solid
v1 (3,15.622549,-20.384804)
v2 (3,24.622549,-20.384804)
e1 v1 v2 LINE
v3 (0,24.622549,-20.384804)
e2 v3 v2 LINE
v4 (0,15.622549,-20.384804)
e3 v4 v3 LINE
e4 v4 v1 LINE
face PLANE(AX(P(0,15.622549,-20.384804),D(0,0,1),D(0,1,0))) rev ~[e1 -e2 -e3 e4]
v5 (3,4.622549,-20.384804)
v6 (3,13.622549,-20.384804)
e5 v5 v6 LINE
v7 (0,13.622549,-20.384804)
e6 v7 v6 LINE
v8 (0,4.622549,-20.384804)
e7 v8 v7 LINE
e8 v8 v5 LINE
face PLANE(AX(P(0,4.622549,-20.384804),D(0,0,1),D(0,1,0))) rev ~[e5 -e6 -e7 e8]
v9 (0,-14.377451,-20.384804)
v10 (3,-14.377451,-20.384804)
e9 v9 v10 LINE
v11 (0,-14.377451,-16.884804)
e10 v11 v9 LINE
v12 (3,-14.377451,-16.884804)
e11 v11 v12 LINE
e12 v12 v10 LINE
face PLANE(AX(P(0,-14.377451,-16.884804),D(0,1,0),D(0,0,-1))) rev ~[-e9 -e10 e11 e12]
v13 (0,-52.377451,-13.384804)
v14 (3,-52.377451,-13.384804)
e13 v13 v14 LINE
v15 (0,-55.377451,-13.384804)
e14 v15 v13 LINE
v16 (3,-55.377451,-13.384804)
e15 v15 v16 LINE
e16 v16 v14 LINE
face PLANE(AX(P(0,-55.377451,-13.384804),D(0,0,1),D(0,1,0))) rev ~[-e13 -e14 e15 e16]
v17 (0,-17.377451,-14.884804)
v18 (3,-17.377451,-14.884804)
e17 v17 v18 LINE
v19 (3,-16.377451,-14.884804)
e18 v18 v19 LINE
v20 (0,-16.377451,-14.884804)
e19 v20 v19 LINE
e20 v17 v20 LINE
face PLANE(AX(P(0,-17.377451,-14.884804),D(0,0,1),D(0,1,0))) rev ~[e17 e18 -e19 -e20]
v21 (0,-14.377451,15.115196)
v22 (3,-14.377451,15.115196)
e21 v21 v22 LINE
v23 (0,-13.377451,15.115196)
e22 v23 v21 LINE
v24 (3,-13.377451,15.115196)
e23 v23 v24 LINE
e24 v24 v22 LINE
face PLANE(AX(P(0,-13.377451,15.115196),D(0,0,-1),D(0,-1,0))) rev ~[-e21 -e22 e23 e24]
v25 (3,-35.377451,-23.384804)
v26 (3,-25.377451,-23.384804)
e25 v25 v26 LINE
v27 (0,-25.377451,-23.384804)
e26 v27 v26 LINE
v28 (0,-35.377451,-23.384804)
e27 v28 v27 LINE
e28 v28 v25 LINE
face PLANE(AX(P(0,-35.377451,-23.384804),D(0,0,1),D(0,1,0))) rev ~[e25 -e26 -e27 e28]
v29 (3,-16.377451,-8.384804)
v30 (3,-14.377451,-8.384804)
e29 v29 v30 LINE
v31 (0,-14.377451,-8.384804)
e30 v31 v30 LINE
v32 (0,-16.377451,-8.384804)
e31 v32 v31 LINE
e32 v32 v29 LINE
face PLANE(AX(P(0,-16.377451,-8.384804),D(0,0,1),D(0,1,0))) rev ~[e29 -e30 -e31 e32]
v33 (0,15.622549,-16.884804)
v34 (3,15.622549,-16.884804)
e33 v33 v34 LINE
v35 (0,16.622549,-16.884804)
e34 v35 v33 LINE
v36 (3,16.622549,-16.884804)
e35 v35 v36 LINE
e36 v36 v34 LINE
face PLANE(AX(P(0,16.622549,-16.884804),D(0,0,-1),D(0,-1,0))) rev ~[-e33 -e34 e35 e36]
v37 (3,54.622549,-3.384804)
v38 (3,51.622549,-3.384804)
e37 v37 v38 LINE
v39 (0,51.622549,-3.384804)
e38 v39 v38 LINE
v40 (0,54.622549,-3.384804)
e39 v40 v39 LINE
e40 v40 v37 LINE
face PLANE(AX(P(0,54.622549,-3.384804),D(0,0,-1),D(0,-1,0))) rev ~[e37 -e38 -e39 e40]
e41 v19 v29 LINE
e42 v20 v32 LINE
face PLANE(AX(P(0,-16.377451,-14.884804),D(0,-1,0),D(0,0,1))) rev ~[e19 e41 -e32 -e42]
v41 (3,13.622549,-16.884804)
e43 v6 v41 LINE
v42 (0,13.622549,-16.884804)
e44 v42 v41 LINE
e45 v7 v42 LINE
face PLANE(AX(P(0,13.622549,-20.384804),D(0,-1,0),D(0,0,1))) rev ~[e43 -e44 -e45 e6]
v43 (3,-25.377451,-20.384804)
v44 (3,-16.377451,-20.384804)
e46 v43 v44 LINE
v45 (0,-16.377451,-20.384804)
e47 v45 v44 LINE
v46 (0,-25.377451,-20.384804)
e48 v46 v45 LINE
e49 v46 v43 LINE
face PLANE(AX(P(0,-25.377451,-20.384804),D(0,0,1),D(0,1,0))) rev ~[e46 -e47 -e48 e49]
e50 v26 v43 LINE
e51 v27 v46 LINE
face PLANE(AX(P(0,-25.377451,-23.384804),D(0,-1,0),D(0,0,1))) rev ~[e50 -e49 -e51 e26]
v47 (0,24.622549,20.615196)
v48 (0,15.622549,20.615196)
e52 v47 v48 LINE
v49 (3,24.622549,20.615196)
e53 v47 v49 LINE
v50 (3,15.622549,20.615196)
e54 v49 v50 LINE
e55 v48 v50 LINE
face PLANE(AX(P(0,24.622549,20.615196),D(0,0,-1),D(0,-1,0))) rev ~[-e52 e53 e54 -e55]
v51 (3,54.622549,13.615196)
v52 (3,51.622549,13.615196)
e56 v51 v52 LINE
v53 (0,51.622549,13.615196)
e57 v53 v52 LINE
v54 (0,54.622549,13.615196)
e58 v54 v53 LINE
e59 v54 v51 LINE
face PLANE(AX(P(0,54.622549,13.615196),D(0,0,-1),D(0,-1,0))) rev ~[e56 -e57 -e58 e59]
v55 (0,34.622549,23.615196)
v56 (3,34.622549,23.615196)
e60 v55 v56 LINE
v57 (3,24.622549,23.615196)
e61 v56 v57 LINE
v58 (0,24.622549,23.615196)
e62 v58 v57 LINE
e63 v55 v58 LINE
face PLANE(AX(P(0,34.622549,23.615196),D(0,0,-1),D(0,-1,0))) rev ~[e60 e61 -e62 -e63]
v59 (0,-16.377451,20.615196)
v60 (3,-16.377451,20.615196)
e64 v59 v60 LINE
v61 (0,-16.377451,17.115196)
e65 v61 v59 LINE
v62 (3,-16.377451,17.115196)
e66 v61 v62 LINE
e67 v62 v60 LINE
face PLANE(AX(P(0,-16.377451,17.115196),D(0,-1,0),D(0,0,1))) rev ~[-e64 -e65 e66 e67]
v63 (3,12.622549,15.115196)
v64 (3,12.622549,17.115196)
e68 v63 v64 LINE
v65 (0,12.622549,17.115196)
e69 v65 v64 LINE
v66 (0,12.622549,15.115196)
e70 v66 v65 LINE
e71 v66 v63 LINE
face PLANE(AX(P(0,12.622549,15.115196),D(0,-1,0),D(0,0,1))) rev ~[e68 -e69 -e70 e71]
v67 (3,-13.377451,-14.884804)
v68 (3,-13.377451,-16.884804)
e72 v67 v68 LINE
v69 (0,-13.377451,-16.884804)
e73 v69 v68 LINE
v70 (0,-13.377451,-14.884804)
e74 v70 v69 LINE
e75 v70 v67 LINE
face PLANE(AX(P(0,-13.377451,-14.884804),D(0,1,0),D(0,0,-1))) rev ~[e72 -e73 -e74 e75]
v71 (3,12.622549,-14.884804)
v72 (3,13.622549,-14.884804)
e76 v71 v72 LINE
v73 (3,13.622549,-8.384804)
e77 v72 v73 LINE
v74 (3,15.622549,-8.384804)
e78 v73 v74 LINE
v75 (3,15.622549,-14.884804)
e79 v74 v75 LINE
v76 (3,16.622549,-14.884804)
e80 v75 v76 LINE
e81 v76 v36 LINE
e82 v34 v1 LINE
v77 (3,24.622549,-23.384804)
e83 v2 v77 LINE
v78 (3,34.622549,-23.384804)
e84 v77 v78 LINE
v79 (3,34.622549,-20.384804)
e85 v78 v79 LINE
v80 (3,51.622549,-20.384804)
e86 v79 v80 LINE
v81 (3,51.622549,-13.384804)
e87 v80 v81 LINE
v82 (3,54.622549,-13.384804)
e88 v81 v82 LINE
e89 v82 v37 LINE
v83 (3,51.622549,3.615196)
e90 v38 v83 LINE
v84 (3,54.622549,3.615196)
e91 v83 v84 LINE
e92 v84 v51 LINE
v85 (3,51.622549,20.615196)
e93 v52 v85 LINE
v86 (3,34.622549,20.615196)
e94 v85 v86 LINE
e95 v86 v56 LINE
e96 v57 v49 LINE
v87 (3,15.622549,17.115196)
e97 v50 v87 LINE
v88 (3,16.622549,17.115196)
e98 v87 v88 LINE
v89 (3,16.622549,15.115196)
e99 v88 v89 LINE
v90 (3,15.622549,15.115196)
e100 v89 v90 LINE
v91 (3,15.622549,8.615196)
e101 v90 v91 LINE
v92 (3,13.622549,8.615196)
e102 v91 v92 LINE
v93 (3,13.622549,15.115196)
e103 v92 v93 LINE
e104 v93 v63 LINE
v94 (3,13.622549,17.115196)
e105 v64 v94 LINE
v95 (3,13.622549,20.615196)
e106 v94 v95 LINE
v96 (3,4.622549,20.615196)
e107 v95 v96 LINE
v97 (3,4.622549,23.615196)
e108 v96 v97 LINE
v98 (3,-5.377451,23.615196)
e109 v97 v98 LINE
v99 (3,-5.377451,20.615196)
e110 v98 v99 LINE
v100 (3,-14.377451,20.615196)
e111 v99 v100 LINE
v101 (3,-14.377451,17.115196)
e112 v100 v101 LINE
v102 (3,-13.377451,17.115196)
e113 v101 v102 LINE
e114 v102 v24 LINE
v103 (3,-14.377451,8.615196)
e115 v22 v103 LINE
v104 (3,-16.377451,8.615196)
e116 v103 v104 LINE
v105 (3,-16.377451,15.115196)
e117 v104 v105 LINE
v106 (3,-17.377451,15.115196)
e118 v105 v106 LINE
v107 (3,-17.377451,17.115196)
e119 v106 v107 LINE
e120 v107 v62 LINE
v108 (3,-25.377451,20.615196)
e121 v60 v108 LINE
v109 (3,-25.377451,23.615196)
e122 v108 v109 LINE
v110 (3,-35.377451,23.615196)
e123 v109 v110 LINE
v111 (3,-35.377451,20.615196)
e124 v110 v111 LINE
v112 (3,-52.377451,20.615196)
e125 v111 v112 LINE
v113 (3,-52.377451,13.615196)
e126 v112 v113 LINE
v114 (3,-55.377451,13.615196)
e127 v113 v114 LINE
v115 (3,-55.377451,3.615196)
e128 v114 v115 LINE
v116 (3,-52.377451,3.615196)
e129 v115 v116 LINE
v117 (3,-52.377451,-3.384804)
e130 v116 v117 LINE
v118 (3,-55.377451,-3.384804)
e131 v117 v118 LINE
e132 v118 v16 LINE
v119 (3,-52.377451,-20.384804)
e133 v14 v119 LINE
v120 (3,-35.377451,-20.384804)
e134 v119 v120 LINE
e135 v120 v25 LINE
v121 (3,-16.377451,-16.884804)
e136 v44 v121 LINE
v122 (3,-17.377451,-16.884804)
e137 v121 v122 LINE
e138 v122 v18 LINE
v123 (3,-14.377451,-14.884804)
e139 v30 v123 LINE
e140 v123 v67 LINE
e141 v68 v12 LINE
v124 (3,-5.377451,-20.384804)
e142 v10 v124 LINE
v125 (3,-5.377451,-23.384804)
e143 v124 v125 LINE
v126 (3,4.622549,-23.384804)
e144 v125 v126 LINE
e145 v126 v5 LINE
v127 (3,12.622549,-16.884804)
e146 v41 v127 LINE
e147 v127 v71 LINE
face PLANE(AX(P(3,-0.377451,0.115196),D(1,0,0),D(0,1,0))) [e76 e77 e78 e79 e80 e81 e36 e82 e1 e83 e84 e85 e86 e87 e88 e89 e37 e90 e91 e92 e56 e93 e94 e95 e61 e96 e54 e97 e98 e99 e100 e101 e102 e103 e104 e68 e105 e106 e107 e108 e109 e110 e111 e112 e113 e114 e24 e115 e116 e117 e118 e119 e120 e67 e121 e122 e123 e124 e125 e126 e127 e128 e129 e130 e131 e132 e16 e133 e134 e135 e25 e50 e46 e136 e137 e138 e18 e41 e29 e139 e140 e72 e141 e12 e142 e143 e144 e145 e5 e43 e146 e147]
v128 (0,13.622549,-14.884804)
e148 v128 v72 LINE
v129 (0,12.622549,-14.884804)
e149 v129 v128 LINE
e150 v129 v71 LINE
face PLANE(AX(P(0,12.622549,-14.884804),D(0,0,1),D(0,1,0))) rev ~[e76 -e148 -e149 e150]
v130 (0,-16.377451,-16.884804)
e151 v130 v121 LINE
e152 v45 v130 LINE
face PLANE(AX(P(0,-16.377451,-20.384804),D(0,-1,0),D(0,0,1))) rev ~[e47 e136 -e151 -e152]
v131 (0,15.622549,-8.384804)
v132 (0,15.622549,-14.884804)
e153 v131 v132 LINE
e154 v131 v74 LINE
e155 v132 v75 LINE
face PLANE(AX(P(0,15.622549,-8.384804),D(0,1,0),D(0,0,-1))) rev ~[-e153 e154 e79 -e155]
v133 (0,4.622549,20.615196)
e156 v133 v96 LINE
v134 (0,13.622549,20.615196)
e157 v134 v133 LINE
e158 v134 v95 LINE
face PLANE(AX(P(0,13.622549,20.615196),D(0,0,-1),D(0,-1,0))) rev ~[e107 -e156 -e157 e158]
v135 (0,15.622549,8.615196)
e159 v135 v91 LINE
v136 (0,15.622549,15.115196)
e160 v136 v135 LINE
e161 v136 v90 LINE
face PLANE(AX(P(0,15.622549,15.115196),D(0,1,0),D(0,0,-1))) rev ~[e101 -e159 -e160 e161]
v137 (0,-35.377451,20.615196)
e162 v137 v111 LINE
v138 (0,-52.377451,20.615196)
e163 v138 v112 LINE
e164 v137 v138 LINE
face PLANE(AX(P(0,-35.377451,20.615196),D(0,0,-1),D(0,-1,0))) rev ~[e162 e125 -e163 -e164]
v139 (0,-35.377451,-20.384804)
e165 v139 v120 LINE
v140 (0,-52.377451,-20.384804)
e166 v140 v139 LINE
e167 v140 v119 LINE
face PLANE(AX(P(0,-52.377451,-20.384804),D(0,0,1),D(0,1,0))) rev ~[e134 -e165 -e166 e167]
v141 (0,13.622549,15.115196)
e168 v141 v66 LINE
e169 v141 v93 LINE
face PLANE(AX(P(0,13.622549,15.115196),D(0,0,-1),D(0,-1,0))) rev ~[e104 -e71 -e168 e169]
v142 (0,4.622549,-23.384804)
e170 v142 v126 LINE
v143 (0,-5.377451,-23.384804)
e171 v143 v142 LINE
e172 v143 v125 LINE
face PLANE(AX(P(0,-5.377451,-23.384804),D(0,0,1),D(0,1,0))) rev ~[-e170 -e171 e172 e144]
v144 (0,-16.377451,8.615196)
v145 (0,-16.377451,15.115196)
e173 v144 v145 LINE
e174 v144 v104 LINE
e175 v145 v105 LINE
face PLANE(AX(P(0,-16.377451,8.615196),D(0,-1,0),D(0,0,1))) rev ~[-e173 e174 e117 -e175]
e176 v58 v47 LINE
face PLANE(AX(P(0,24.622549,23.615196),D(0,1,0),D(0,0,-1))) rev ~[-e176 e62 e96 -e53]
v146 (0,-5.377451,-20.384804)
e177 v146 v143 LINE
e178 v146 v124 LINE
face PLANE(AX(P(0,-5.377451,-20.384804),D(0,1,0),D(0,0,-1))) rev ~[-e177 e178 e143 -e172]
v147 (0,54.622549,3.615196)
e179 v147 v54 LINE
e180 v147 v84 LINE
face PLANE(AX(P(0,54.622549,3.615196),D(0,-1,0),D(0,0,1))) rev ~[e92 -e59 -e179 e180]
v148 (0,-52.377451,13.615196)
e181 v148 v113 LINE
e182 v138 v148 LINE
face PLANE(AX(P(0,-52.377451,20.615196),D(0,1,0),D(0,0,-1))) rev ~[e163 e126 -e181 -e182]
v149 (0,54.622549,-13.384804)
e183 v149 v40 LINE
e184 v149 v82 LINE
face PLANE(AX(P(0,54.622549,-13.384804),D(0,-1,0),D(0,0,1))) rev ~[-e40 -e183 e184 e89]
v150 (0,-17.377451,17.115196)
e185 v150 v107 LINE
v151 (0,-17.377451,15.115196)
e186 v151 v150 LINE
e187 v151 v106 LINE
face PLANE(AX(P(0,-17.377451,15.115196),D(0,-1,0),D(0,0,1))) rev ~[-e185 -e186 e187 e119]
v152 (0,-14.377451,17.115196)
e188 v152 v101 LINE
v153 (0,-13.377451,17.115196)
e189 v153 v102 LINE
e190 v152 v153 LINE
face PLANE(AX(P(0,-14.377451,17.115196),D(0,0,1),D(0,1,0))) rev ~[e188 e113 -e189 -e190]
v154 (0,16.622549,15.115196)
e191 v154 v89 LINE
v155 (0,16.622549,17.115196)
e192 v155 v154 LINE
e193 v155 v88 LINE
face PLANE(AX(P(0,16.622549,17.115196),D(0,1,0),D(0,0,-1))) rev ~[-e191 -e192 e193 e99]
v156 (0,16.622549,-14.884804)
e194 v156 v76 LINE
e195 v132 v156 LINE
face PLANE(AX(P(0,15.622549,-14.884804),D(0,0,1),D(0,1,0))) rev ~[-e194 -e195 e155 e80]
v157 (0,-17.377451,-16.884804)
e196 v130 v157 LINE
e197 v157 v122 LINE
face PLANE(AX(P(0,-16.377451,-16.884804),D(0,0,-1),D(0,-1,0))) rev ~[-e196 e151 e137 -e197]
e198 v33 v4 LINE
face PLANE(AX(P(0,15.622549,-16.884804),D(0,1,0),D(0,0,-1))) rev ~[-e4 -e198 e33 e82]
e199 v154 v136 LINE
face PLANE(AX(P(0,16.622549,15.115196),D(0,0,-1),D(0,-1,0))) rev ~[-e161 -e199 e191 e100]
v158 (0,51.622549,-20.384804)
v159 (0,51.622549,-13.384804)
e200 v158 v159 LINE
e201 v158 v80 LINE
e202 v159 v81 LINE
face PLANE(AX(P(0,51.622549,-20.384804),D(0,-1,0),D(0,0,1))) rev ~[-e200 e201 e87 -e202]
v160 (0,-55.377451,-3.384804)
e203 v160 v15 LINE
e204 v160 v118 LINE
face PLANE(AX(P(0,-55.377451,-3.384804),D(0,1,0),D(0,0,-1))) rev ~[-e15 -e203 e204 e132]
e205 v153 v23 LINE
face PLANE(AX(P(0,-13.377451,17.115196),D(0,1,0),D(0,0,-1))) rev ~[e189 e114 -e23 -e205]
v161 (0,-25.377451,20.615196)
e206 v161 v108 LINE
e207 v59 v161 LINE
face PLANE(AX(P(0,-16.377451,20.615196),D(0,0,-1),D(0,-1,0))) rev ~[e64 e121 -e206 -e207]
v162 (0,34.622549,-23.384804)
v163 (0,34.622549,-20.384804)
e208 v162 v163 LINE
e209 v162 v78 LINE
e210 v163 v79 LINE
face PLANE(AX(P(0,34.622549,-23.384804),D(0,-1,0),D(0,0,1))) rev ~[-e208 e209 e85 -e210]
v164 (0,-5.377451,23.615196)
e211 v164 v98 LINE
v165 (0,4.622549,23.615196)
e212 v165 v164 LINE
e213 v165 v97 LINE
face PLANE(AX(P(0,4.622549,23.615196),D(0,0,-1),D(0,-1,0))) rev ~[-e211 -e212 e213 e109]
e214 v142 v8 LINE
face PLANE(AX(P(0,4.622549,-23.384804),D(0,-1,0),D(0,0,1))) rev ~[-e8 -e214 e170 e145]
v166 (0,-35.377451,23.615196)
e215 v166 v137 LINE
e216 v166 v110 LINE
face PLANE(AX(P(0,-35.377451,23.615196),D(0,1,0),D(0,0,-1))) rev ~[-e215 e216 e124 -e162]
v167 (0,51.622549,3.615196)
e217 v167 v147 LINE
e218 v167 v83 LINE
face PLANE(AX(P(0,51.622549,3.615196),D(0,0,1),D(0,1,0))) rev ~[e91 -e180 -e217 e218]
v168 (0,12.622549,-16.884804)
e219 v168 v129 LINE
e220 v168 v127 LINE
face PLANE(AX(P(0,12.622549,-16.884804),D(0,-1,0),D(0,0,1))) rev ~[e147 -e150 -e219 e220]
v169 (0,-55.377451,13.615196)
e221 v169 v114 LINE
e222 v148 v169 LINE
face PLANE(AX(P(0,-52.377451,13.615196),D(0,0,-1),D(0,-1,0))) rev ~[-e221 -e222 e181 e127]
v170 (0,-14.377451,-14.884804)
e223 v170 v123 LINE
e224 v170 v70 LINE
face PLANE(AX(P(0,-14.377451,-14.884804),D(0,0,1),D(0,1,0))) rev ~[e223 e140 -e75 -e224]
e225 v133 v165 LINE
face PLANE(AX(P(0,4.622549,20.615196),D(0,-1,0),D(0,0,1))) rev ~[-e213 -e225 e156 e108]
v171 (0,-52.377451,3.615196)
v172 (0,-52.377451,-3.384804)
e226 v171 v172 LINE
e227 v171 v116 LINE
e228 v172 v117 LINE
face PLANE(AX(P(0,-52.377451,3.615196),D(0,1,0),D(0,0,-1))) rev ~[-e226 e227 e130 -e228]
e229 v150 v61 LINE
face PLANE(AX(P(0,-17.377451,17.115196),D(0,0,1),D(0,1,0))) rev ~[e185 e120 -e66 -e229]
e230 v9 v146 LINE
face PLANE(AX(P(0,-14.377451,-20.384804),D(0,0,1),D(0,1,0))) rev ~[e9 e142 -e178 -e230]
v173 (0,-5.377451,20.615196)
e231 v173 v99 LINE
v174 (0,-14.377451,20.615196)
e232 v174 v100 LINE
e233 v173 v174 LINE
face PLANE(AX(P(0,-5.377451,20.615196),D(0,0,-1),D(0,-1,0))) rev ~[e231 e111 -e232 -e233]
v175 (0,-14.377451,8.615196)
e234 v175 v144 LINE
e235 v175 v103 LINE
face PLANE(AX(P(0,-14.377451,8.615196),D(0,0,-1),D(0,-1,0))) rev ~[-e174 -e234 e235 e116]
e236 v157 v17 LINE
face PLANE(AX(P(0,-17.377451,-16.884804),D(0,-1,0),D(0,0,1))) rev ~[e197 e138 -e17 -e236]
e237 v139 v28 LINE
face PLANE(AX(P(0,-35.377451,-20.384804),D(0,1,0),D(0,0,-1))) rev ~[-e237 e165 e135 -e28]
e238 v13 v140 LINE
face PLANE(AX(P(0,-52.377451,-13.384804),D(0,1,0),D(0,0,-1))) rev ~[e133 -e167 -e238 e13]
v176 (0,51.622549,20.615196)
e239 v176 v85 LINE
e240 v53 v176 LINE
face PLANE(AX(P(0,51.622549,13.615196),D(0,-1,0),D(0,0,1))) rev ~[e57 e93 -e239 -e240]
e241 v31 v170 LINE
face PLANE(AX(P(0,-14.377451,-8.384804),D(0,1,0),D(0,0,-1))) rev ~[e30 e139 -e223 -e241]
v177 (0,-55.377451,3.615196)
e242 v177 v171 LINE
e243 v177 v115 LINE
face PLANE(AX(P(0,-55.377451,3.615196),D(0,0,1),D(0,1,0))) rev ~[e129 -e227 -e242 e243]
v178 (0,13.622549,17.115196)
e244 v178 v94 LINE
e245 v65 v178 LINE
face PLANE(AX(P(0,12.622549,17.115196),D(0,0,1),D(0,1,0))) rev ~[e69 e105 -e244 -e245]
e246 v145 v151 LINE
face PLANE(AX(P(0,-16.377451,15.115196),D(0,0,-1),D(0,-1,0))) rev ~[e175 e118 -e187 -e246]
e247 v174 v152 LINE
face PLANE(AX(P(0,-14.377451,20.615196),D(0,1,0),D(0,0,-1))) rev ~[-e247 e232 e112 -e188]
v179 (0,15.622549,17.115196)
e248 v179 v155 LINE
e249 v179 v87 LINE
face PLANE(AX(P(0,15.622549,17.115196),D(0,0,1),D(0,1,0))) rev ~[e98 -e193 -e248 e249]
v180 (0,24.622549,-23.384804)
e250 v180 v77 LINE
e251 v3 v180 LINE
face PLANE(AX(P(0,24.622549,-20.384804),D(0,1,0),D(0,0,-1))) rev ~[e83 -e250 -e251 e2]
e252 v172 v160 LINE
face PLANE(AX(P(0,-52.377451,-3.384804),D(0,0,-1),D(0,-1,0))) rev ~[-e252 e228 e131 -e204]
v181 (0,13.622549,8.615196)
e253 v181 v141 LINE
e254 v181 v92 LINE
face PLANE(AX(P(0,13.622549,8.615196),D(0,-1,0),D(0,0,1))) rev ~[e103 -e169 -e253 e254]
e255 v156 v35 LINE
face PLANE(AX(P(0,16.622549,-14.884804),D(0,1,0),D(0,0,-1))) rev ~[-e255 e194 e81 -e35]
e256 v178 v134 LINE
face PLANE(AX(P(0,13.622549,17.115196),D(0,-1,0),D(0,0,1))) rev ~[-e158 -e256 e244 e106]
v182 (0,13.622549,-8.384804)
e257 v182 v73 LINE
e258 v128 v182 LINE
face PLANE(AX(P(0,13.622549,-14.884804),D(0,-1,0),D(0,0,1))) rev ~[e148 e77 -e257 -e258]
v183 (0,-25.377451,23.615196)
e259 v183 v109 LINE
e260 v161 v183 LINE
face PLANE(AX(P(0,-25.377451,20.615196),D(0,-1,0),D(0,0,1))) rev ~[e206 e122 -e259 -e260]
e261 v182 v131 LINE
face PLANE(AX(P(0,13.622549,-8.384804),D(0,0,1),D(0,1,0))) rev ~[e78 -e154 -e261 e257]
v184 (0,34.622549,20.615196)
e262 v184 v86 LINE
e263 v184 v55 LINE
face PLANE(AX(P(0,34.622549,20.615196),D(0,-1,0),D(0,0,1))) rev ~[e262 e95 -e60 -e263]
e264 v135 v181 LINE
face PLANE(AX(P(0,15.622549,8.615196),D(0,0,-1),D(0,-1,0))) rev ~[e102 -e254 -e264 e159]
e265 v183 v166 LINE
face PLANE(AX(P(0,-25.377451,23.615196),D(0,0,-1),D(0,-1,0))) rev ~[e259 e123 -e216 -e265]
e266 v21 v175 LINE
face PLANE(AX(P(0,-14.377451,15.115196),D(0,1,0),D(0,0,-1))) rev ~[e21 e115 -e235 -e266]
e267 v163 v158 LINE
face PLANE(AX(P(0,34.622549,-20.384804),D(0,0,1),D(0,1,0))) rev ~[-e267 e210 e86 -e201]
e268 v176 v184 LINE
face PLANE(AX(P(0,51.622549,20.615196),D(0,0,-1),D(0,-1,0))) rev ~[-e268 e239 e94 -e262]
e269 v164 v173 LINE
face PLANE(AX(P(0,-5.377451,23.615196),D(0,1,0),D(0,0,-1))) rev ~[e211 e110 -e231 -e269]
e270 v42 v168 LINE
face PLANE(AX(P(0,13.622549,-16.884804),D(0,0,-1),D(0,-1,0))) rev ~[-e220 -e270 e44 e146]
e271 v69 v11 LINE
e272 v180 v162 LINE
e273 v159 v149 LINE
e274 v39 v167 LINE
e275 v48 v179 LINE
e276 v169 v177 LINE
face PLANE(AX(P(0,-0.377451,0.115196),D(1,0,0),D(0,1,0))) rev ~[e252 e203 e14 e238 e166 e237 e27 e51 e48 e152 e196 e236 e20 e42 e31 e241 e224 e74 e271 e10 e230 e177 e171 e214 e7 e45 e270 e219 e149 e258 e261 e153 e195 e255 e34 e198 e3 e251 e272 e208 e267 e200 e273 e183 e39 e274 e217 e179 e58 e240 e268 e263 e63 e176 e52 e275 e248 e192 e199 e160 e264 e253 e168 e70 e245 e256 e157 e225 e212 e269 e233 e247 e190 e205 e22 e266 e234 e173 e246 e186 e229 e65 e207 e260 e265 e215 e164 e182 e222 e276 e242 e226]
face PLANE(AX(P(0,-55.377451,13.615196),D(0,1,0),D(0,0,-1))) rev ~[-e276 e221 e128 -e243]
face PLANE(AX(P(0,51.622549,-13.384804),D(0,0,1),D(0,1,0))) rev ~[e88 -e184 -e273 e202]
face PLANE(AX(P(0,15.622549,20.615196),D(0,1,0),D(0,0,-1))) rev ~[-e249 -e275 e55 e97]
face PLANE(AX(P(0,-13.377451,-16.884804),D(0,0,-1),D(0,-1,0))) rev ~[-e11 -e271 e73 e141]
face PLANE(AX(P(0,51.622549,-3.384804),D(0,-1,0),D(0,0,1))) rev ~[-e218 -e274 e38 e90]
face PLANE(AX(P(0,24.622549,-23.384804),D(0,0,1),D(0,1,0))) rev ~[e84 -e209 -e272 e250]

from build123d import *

# Parameters (mm, degrees)
F1_DEPTH = 3


with BuildPart() as f1:
    # F0 (on Right) → F1 (new body)
    with BuildSketch(Plane.YZ):
        Polygon((-52.377451, -13.384804), (-52.377451, -20.384804), (-35.377451, -20.384804), (-35.377451, -23.384804), (-25.377451, -23.384804), (-25.377451, -20.384804), (-16.377451, -20.384804), (-16.377451, -16.884804), (-17.377451, -16.884804), (-17.377451, -14.884804), (-16.377451, -14.884804), (-16.377451, -8.384804), (-14.377451, -8.384804), (-14.377451, -14.884804), (-13.377451, -14.884804), (-13.377451, -16.884804), (-14.377451, -16.884804), (-14.377451, -20.384804), (-5.377451, -20.384804), (-5.377451, -23.384804), (-0.377451, -23.384804), (4.622549, -23.384804), (4.622549, -20.384804), (13.622549, -20.384804), (13.622549, -16.884804), (12.622549, -16.884804), (12.622549, -14.884804), (13.622549, -14.884804), (13.622549, -8.384804), (15.622549, -8.384804), (15.622549, -14.884804), (16.622549, -14.884804), (16.622549, -16.884804), (15.622549, -16.884804), (15.622549, -20.384804), (24.622549, -20.384804), (24.622549, -23.384804), (34.622549, -23.384804), (34.622549, -20.384804), (51.622549, -20.384804), (51.622549, -13.384804), (54.622549, -13.384804), (54.622549, -3.384804), (51.622549, -3.384804), (51.622549, 0.115196), (51.622549, 3.615196), (54.622549, 3.615196), (54.622549, 13.615196), (51.622549, 13.615196), (51.622549, 20.615196), (34.622549, 20.615196), (34.622549, 23.615196), (24.622549, 23.615196), (24.622549, 20.615196), (15.622549, 20.615196), (15.622549, 17.115196), (16.622549, 17.115196), (16.622549, 15.115196), (15.622549, 15.115196), (15.622549, 8.615196), (13.622549, 8.615196), (13.622549, 15.115196), (12.622549, 15.115196), (12.622549, 17.115196), (13.622549, 17.115196), (13.622549, 20.615196), (4.622549, 20.615196), (4.622549, 23.615196), (-0.377451, 23.615196), (-5.377451, 23.615196), (-5.377451, 20.615196), (-14.377451, 20.615196), (-14.377451, 17.115196), (-13.377451, 17.115196), (-13.377451, 15.115196), (-14.377451, 15.115196), (-14.377451, 8.615196), (-16.377451, 8.615196), (-16.377451, 15.115196), (-17.377451, 15.115196), (-17.377451, 17.115196), (-16.377451, 17.115196), (-16.377451, 20.615196), (-25.377451, 20.615196), (-25.377451, 23.615196), (-35.377451, 23.615196), (-35.377451, 20.615196), (-52.377451, 20.615196), (-52.377451, 13.615196), (-55.377451, 13.615196), (-55.377451, 3.615196), (-52.377451, 3.615196), (-52.377451, 0.115196), (-52.377451, -3.384804), (-55.377451, -3.384804), (-55.377451, -13.384804), align=None)
    extrude(amount=F1_DEPTH)


solid = f1.part
